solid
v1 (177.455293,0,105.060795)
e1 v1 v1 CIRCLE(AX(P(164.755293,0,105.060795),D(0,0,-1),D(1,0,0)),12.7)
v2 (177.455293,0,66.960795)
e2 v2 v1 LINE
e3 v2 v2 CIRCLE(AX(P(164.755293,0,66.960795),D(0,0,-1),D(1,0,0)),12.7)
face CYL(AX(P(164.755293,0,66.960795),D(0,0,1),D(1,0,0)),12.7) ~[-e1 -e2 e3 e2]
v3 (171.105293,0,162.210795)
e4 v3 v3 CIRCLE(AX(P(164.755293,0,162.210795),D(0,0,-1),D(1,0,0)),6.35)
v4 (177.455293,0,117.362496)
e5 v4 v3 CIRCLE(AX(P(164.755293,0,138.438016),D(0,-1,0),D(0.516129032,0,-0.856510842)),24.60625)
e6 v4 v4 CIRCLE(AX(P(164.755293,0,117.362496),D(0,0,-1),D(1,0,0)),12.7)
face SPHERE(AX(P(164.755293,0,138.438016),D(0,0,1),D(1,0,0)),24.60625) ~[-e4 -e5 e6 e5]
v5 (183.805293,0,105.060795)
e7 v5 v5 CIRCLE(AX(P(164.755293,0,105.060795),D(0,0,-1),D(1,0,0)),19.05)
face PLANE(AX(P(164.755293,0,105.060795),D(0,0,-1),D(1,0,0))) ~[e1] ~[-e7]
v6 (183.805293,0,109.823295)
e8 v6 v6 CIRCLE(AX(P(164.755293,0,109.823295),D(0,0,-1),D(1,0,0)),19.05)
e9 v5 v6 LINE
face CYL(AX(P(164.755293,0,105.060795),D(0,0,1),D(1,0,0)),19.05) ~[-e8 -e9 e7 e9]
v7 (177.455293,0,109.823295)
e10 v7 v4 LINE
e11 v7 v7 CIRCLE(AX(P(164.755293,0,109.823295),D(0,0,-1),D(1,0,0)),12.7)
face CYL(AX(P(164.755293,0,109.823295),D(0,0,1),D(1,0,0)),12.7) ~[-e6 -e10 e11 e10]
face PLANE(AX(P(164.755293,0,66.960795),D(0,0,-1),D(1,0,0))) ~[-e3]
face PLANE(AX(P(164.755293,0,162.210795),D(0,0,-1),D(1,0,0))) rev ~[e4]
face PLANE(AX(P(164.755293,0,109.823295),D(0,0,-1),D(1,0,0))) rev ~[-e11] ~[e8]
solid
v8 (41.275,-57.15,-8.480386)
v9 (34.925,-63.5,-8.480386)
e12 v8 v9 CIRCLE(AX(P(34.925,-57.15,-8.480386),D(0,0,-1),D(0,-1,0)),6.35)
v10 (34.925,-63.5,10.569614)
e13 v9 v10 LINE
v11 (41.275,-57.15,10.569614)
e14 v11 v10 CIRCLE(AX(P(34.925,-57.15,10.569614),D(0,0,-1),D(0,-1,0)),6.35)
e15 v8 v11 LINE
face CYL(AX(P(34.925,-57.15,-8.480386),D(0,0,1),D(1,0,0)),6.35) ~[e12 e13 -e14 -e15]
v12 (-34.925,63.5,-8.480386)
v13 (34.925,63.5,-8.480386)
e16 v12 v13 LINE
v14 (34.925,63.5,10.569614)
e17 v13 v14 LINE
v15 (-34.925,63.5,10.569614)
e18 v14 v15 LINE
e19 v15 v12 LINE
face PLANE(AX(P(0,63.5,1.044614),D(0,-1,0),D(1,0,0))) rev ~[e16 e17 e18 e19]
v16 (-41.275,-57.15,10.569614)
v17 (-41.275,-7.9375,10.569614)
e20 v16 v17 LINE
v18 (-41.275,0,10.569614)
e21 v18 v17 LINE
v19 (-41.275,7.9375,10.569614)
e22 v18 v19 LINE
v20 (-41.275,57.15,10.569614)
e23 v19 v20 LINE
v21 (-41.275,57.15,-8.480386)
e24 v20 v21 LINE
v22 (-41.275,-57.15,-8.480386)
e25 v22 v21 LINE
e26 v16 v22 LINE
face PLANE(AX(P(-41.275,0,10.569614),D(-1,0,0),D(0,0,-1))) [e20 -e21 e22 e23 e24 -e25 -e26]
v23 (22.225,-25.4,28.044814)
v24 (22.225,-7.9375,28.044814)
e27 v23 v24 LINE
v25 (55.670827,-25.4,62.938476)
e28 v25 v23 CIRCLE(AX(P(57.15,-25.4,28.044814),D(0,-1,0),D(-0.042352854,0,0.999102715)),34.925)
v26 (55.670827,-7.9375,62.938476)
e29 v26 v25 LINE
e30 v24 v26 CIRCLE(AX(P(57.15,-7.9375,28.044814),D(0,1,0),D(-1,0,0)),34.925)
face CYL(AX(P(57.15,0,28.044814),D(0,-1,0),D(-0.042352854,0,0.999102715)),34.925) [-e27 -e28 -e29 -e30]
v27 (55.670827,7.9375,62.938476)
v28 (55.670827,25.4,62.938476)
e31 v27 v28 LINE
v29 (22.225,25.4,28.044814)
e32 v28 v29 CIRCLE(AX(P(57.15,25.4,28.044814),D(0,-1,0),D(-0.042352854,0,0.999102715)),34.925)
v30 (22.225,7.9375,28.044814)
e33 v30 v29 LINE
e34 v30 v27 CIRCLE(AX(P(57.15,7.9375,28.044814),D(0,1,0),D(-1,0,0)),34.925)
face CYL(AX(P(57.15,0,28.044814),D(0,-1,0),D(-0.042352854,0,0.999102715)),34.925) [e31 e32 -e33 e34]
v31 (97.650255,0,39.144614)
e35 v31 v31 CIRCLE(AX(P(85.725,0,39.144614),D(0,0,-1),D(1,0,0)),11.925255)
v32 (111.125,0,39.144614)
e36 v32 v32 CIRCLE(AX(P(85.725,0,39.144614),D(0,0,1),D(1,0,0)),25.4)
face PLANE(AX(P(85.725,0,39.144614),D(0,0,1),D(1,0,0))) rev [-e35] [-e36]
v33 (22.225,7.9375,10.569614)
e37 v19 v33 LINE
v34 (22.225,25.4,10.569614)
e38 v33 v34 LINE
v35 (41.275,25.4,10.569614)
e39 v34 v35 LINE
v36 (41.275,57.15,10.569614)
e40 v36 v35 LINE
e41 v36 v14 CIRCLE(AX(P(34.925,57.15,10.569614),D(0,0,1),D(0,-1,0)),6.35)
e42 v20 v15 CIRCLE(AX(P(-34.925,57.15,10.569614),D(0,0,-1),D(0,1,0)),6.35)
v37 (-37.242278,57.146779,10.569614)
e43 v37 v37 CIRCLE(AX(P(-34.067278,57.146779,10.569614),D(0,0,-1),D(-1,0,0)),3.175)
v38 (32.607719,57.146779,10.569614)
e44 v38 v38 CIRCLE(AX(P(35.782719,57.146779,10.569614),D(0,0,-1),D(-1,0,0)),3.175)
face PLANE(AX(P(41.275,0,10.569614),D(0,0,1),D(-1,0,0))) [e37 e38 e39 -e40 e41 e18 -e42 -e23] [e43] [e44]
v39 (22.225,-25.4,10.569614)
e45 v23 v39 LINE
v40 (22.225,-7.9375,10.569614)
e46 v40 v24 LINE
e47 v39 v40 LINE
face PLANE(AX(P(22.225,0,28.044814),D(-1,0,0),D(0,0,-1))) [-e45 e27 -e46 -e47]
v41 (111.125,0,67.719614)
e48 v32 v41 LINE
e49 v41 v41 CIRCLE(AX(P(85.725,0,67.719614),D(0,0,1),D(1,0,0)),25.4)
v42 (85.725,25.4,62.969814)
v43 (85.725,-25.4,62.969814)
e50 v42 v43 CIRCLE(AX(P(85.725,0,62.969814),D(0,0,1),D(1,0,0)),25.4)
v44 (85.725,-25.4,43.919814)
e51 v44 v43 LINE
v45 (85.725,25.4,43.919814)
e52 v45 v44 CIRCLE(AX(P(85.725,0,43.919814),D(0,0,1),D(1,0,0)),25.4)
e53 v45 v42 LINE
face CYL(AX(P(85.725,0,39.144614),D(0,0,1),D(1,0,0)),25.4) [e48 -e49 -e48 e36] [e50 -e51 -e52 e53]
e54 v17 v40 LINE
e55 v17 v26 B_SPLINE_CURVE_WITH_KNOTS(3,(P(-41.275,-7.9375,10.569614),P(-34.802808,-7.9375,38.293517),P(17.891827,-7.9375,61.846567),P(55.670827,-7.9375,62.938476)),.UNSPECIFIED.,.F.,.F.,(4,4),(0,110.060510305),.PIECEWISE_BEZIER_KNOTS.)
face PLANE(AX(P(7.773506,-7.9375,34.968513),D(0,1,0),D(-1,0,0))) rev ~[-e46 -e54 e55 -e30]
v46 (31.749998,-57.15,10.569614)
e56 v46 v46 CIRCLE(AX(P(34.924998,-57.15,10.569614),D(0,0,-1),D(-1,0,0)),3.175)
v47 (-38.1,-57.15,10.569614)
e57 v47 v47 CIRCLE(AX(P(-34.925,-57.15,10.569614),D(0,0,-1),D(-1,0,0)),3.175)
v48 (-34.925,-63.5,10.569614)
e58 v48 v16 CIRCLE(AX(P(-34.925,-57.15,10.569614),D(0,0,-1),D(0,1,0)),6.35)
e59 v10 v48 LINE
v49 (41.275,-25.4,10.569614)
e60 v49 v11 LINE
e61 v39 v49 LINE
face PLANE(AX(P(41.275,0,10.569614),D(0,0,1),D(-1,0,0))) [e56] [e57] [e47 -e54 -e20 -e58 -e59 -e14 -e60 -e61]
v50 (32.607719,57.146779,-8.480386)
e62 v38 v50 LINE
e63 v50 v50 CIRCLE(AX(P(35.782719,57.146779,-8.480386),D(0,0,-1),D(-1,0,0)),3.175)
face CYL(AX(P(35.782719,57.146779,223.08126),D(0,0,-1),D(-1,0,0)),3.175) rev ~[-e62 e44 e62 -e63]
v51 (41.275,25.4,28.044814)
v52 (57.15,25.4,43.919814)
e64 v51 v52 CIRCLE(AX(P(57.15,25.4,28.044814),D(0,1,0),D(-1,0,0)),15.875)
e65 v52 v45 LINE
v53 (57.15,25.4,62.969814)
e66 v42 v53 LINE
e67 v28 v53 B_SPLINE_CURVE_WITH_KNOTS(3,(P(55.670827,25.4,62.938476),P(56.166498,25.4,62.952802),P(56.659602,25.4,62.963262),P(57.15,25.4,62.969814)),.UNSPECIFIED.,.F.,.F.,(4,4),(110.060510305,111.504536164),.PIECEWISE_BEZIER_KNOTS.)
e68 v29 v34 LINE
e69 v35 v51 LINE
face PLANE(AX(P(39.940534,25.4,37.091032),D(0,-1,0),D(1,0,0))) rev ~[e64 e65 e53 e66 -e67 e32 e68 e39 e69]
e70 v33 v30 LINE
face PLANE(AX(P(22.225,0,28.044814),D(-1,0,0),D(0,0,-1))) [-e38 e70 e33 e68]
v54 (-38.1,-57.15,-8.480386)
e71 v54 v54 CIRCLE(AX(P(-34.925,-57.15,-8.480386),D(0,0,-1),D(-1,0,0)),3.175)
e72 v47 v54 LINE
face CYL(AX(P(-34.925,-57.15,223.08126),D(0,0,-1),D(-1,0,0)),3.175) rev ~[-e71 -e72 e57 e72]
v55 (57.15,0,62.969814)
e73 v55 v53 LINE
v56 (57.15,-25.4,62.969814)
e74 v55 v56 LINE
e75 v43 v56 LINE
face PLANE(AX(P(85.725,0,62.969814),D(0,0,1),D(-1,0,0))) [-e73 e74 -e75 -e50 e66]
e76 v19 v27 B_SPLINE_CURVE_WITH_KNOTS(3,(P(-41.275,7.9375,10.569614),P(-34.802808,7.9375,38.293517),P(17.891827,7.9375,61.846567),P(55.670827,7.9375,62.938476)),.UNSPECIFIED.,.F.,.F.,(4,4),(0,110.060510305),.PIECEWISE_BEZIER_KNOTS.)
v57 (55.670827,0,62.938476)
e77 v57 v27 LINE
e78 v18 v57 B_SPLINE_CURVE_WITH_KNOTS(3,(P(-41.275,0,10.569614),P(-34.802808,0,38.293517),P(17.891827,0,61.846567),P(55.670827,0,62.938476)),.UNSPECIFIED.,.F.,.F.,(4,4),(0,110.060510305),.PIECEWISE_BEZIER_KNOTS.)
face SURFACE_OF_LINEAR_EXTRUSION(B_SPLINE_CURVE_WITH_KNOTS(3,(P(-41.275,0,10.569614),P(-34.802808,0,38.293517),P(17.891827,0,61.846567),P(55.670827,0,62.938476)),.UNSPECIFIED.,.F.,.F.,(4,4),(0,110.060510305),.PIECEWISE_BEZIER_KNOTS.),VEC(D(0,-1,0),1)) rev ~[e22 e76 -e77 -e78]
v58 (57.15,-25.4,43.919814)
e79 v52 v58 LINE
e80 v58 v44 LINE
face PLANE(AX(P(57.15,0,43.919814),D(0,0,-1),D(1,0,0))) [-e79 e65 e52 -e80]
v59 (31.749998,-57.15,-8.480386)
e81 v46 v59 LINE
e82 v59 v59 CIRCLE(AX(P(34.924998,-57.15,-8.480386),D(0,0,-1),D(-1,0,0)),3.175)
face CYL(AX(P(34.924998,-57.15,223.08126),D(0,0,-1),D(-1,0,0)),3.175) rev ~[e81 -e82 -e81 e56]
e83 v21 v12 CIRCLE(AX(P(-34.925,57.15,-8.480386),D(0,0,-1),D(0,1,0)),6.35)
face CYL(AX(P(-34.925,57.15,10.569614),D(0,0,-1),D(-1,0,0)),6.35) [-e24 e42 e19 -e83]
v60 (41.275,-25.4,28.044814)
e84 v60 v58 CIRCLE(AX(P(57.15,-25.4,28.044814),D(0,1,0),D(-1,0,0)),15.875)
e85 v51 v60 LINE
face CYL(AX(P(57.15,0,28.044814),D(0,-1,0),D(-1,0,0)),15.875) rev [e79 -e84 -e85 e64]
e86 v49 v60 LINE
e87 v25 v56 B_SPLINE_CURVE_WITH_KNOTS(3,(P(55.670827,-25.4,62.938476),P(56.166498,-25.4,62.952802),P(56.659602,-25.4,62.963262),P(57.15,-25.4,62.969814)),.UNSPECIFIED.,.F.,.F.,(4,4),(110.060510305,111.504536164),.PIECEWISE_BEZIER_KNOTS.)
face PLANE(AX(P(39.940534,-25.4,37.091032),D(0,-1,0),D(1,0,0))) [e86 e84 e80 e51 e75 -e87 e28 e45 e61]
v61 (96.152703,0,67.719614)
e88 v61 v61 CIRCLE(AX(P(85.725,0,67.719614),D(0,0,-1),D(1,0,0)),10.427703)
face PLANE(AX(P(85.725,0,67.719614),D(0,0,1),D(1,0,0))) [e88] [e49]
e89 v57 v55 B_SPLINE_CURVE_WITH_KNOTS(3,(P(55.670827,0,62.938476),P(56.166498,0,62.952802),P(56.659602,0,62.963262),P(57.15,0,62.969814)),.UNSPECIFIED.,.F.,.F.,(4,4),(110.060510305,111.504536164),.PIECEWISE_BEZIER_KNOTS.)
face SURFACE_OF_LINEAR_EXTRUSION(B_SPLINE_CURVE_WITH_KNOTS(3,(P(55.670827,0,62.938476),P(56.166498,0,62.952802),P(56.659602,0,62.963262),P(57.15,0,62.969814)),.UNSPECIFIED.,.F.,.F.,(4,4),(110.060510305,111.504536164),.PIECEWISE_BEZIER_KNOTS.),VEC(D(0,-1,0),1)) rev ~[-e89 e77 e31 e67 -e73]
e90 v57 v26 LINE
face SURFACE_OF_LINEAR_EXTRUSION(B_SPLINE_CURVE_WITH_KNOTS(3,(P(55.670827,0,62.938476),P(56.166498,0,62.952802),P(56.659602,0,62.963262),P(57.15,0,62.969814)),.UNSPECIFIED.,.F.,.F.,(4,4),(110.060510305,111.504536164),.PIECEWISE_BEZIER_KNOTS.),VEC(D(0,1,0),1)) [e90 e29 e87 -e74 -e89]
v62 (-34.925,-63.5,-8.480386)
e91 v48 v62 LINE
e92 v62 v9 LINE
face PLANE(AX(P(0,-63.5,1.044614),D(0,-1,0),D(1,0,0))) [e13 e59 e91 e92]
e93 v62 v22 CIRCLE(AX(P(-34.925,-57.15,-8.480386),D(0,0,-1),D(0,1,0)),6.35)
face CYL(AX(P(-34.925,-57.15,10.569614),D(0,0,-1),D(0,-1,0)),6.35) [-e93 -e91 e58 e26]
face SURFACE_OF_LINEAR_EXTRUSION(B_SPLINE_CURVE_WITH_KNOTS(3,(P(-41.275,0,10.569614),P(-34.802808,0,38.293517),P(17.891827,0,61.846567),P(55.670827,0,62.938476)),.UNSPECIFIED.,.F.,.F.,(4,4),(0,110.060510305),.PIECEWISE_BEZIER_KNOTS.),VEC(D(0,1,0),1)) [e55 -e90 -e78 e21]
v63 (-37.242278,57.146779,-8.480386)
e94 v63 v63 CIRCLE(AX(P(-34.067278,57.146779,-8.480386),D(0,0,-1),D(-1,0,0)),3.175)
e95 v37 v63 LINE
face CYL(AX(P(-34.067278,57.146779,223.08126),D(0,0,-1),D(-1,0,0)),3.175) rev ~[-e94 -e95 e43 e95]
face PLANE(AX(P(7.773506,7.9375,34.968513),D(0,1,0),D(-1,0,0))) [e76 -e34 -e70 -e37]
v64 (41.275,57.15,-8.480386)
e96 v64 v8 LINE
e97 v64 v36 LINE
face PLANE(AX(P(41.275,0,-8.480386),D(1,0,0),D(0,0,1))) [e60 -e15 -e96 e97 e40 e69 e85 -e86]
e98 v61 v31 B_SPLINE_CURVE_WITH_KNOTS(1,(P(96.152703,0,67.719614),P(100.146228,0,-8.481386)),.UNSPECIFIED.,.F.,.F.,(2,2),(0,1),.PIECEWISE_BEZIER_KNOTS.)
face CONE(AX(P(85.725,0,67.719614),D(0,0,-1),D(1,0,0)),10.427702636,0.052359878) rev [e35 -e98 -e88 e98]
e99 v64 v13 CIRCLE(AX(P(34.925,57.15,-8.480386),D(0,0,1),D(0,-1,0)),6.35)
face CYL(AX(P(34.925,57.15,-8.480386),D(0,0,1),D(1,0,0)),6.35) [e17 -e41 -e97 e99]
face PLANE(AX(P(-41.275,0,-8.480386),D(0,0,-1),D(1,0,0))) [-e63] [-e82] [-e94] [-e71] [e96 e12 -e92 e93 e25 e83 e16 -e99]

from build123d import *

# Parameters (mm, degrees)
F1_DEPTH = 63.5
F0_W     = 25.4
F0_H     = 19.05
F2_DEPTH = 25.4
F3_DEPTH = 7.9375
F5_R     = 6.35
F6_R     = 10.4277026359
F7_DEPTH = 76.201
F7_TAPER = -3
F9_D     = 6.35


with BuildPart() as f1:
    # F0 (on Front) → F1 (new body, symmetric)
    with BuildSketch(Plane.XZ):
        Polygon((-41.275, -8.4803864146), (41.275, -8.4803864146), (41.275, 10.5696135854), (22.225, 10.5696135854), (-41.275, 10.5696135854), align=None)
    extrude(amount=F1_DEPTH, both=True)

    # F0 (on Front) → F2 (join, symmetric)
    with BuildSketch(Plane.XZ):
        with BuildLine():
            Line((22.225, 10.5696135854), (41.275, 10.5696135854))
            Line((41.275, 10.5696135854), (41.275, 28.0448135854))
            ThreePointArc((41.275, 28.0448135854), (45.9246798487, 39.2701337367), (57.15, 43.9198135854))
            Line((57.15, 43.9198135854), (60.325, 43.9198135854))
            Line((60.325, 43.9198135854), (60.325, 62.9698135854))
            Line((60.325, 62.9698135854), (57.15, 62.9698135854))
            add(Edge.make_bspline(
                [(55.670826569, 62.9384759177), (56.1664980149, 62.9528020829), (56.6596018531, 62.963261742), (57.15, 62.9698135854)],
                knots=[110.0605103046, 110.0605103046, 110.0605103046, 110.0605103046, 111.5045361635, 111.5045361635, 111.5045361635, 111.5045361635], degree=3))
            ThreePointArc((55.670826569, 62.9384759177), (31.936751924, 52.2118933937), (22.225, 28.0448135854))
            Line((22.225, 28.0448135854), (22.225, 10.5696135854))
        make_face()
        with Locations((73.025, 53.4448135854)):
            Rectangle(F0_W, F0_H)
    extrude(amount=F2_DEPTH, both=True)

    # F0 (on Front) → F3 (join, symmetric)
    with BuildSketch(Plane.XZ):
        with BuildLine():
            add(Edge.make_bspline(
                [(-41.275, 10.5696135854), (-34.8028083987, 38.2935172536), (17.8918270147, 61.8465667659), (55.670826569, 62.9384759177)],
                knots=[0, 0, 0, 0, 110.0605103046, 110.0605103046, 110.0605103046, 110.0605103046], degree=3))
            Line((-41.275, 10.5696135854), (22.225, 10.5696135854))
            Line((22.225, 10.5696135854), (22.225, 28.0448135854))
            ThreePointArc((22.225, 28.0448135854), (31.936751924, 52.2118933937), (55.670826569, 62.9384759177))
        make_face()
    extrude(amount=F3_DEPTH, both=True)

    # F0 (on Front) → F4 (revolve)
    with BuildSketch(Plane.XZ):
        Polygon((85.725, 62.9698135854), (85.725, 43.9198135854), (85.725, 39.1446135854), (111.125, 39.1446135854), (111.125, 67.7196135854), (85.725, 67.7196135854), align=None)
    revolve(axis=Axis((85.725, 0, 53.4321135854), (0, 0, 1)))

    # F5
    f5_edges = [f1.edges().sort_by_distance(p)[0] for p in [
        (-41.275, -63.5, 1.044614),
        (41.275, -63.5, 1.044614),
        (41.275, 63.5, 1.044614),
        (-41.275, 63.5, 1.044614),
    ]]
    fillet(f5_edges, radius=F5_R)

    # F6 (on face) → F7 (cut, through all)
    with BuildSketch(Plane.XY.offset(67.7196135854)):
        with Locations((85.725, 0)):
            Circle(F6_R)
    extrude(amount=-F7_DEPTH, taper=F7_TAPER, mode=Mode.SUBTRACT)

    # F9 (through all)
    with Locations(Plane.XY.offset(10.5696135854)):
        with Locations((34.9249977589, -57.15), (-34.925, -57.15), (35.7827192911, 57.146779417), (-34.0672784677, 57.146779417)):
            Hole(F9_D / 2)


with BuildPart() as f11:
    # F10 (on Front) → F11 (revolve)
    with BuildSketch(Plane.XZ):
        with BuildLine():
            Line((164.7552926287, 162.2107950438), (164.7552926287, 66.9607950438))
            Line((164.7552926287, 66.9607950438), (177.4552926287, 66.9607950438))
            Line((177.4552926287, 66.9607950438), (177.4552926287, 105.0607950438))
            Line((177.4552926287, 105.0607950438), (183.8052926287, 105.0607950438))
            Line((183.8052926287, 105.0607950438), (183.8052926287, 109.8232950438))
            Line((183.8052926287, 109.8232950438), (177.4552926287, 109.8232950438))
            Line((177.4552926287, 109.8232950438), (177.4552926287, 117.3624957718))
            ThreePointArc((177.4552926287, 117.3624957718), (189.1185459397, 141.8875703048), (171.1052926287, 162.2107950438))
            Line((171.1052926287, 162.2107950438), (164.7552926287, 162.2107950438))
        make_face()
    revolve(axis=Axis((164.7552926287, 0, 114.5857950438), (0, 0, -1)))


solid = Compound([f1.part, f11.part])
